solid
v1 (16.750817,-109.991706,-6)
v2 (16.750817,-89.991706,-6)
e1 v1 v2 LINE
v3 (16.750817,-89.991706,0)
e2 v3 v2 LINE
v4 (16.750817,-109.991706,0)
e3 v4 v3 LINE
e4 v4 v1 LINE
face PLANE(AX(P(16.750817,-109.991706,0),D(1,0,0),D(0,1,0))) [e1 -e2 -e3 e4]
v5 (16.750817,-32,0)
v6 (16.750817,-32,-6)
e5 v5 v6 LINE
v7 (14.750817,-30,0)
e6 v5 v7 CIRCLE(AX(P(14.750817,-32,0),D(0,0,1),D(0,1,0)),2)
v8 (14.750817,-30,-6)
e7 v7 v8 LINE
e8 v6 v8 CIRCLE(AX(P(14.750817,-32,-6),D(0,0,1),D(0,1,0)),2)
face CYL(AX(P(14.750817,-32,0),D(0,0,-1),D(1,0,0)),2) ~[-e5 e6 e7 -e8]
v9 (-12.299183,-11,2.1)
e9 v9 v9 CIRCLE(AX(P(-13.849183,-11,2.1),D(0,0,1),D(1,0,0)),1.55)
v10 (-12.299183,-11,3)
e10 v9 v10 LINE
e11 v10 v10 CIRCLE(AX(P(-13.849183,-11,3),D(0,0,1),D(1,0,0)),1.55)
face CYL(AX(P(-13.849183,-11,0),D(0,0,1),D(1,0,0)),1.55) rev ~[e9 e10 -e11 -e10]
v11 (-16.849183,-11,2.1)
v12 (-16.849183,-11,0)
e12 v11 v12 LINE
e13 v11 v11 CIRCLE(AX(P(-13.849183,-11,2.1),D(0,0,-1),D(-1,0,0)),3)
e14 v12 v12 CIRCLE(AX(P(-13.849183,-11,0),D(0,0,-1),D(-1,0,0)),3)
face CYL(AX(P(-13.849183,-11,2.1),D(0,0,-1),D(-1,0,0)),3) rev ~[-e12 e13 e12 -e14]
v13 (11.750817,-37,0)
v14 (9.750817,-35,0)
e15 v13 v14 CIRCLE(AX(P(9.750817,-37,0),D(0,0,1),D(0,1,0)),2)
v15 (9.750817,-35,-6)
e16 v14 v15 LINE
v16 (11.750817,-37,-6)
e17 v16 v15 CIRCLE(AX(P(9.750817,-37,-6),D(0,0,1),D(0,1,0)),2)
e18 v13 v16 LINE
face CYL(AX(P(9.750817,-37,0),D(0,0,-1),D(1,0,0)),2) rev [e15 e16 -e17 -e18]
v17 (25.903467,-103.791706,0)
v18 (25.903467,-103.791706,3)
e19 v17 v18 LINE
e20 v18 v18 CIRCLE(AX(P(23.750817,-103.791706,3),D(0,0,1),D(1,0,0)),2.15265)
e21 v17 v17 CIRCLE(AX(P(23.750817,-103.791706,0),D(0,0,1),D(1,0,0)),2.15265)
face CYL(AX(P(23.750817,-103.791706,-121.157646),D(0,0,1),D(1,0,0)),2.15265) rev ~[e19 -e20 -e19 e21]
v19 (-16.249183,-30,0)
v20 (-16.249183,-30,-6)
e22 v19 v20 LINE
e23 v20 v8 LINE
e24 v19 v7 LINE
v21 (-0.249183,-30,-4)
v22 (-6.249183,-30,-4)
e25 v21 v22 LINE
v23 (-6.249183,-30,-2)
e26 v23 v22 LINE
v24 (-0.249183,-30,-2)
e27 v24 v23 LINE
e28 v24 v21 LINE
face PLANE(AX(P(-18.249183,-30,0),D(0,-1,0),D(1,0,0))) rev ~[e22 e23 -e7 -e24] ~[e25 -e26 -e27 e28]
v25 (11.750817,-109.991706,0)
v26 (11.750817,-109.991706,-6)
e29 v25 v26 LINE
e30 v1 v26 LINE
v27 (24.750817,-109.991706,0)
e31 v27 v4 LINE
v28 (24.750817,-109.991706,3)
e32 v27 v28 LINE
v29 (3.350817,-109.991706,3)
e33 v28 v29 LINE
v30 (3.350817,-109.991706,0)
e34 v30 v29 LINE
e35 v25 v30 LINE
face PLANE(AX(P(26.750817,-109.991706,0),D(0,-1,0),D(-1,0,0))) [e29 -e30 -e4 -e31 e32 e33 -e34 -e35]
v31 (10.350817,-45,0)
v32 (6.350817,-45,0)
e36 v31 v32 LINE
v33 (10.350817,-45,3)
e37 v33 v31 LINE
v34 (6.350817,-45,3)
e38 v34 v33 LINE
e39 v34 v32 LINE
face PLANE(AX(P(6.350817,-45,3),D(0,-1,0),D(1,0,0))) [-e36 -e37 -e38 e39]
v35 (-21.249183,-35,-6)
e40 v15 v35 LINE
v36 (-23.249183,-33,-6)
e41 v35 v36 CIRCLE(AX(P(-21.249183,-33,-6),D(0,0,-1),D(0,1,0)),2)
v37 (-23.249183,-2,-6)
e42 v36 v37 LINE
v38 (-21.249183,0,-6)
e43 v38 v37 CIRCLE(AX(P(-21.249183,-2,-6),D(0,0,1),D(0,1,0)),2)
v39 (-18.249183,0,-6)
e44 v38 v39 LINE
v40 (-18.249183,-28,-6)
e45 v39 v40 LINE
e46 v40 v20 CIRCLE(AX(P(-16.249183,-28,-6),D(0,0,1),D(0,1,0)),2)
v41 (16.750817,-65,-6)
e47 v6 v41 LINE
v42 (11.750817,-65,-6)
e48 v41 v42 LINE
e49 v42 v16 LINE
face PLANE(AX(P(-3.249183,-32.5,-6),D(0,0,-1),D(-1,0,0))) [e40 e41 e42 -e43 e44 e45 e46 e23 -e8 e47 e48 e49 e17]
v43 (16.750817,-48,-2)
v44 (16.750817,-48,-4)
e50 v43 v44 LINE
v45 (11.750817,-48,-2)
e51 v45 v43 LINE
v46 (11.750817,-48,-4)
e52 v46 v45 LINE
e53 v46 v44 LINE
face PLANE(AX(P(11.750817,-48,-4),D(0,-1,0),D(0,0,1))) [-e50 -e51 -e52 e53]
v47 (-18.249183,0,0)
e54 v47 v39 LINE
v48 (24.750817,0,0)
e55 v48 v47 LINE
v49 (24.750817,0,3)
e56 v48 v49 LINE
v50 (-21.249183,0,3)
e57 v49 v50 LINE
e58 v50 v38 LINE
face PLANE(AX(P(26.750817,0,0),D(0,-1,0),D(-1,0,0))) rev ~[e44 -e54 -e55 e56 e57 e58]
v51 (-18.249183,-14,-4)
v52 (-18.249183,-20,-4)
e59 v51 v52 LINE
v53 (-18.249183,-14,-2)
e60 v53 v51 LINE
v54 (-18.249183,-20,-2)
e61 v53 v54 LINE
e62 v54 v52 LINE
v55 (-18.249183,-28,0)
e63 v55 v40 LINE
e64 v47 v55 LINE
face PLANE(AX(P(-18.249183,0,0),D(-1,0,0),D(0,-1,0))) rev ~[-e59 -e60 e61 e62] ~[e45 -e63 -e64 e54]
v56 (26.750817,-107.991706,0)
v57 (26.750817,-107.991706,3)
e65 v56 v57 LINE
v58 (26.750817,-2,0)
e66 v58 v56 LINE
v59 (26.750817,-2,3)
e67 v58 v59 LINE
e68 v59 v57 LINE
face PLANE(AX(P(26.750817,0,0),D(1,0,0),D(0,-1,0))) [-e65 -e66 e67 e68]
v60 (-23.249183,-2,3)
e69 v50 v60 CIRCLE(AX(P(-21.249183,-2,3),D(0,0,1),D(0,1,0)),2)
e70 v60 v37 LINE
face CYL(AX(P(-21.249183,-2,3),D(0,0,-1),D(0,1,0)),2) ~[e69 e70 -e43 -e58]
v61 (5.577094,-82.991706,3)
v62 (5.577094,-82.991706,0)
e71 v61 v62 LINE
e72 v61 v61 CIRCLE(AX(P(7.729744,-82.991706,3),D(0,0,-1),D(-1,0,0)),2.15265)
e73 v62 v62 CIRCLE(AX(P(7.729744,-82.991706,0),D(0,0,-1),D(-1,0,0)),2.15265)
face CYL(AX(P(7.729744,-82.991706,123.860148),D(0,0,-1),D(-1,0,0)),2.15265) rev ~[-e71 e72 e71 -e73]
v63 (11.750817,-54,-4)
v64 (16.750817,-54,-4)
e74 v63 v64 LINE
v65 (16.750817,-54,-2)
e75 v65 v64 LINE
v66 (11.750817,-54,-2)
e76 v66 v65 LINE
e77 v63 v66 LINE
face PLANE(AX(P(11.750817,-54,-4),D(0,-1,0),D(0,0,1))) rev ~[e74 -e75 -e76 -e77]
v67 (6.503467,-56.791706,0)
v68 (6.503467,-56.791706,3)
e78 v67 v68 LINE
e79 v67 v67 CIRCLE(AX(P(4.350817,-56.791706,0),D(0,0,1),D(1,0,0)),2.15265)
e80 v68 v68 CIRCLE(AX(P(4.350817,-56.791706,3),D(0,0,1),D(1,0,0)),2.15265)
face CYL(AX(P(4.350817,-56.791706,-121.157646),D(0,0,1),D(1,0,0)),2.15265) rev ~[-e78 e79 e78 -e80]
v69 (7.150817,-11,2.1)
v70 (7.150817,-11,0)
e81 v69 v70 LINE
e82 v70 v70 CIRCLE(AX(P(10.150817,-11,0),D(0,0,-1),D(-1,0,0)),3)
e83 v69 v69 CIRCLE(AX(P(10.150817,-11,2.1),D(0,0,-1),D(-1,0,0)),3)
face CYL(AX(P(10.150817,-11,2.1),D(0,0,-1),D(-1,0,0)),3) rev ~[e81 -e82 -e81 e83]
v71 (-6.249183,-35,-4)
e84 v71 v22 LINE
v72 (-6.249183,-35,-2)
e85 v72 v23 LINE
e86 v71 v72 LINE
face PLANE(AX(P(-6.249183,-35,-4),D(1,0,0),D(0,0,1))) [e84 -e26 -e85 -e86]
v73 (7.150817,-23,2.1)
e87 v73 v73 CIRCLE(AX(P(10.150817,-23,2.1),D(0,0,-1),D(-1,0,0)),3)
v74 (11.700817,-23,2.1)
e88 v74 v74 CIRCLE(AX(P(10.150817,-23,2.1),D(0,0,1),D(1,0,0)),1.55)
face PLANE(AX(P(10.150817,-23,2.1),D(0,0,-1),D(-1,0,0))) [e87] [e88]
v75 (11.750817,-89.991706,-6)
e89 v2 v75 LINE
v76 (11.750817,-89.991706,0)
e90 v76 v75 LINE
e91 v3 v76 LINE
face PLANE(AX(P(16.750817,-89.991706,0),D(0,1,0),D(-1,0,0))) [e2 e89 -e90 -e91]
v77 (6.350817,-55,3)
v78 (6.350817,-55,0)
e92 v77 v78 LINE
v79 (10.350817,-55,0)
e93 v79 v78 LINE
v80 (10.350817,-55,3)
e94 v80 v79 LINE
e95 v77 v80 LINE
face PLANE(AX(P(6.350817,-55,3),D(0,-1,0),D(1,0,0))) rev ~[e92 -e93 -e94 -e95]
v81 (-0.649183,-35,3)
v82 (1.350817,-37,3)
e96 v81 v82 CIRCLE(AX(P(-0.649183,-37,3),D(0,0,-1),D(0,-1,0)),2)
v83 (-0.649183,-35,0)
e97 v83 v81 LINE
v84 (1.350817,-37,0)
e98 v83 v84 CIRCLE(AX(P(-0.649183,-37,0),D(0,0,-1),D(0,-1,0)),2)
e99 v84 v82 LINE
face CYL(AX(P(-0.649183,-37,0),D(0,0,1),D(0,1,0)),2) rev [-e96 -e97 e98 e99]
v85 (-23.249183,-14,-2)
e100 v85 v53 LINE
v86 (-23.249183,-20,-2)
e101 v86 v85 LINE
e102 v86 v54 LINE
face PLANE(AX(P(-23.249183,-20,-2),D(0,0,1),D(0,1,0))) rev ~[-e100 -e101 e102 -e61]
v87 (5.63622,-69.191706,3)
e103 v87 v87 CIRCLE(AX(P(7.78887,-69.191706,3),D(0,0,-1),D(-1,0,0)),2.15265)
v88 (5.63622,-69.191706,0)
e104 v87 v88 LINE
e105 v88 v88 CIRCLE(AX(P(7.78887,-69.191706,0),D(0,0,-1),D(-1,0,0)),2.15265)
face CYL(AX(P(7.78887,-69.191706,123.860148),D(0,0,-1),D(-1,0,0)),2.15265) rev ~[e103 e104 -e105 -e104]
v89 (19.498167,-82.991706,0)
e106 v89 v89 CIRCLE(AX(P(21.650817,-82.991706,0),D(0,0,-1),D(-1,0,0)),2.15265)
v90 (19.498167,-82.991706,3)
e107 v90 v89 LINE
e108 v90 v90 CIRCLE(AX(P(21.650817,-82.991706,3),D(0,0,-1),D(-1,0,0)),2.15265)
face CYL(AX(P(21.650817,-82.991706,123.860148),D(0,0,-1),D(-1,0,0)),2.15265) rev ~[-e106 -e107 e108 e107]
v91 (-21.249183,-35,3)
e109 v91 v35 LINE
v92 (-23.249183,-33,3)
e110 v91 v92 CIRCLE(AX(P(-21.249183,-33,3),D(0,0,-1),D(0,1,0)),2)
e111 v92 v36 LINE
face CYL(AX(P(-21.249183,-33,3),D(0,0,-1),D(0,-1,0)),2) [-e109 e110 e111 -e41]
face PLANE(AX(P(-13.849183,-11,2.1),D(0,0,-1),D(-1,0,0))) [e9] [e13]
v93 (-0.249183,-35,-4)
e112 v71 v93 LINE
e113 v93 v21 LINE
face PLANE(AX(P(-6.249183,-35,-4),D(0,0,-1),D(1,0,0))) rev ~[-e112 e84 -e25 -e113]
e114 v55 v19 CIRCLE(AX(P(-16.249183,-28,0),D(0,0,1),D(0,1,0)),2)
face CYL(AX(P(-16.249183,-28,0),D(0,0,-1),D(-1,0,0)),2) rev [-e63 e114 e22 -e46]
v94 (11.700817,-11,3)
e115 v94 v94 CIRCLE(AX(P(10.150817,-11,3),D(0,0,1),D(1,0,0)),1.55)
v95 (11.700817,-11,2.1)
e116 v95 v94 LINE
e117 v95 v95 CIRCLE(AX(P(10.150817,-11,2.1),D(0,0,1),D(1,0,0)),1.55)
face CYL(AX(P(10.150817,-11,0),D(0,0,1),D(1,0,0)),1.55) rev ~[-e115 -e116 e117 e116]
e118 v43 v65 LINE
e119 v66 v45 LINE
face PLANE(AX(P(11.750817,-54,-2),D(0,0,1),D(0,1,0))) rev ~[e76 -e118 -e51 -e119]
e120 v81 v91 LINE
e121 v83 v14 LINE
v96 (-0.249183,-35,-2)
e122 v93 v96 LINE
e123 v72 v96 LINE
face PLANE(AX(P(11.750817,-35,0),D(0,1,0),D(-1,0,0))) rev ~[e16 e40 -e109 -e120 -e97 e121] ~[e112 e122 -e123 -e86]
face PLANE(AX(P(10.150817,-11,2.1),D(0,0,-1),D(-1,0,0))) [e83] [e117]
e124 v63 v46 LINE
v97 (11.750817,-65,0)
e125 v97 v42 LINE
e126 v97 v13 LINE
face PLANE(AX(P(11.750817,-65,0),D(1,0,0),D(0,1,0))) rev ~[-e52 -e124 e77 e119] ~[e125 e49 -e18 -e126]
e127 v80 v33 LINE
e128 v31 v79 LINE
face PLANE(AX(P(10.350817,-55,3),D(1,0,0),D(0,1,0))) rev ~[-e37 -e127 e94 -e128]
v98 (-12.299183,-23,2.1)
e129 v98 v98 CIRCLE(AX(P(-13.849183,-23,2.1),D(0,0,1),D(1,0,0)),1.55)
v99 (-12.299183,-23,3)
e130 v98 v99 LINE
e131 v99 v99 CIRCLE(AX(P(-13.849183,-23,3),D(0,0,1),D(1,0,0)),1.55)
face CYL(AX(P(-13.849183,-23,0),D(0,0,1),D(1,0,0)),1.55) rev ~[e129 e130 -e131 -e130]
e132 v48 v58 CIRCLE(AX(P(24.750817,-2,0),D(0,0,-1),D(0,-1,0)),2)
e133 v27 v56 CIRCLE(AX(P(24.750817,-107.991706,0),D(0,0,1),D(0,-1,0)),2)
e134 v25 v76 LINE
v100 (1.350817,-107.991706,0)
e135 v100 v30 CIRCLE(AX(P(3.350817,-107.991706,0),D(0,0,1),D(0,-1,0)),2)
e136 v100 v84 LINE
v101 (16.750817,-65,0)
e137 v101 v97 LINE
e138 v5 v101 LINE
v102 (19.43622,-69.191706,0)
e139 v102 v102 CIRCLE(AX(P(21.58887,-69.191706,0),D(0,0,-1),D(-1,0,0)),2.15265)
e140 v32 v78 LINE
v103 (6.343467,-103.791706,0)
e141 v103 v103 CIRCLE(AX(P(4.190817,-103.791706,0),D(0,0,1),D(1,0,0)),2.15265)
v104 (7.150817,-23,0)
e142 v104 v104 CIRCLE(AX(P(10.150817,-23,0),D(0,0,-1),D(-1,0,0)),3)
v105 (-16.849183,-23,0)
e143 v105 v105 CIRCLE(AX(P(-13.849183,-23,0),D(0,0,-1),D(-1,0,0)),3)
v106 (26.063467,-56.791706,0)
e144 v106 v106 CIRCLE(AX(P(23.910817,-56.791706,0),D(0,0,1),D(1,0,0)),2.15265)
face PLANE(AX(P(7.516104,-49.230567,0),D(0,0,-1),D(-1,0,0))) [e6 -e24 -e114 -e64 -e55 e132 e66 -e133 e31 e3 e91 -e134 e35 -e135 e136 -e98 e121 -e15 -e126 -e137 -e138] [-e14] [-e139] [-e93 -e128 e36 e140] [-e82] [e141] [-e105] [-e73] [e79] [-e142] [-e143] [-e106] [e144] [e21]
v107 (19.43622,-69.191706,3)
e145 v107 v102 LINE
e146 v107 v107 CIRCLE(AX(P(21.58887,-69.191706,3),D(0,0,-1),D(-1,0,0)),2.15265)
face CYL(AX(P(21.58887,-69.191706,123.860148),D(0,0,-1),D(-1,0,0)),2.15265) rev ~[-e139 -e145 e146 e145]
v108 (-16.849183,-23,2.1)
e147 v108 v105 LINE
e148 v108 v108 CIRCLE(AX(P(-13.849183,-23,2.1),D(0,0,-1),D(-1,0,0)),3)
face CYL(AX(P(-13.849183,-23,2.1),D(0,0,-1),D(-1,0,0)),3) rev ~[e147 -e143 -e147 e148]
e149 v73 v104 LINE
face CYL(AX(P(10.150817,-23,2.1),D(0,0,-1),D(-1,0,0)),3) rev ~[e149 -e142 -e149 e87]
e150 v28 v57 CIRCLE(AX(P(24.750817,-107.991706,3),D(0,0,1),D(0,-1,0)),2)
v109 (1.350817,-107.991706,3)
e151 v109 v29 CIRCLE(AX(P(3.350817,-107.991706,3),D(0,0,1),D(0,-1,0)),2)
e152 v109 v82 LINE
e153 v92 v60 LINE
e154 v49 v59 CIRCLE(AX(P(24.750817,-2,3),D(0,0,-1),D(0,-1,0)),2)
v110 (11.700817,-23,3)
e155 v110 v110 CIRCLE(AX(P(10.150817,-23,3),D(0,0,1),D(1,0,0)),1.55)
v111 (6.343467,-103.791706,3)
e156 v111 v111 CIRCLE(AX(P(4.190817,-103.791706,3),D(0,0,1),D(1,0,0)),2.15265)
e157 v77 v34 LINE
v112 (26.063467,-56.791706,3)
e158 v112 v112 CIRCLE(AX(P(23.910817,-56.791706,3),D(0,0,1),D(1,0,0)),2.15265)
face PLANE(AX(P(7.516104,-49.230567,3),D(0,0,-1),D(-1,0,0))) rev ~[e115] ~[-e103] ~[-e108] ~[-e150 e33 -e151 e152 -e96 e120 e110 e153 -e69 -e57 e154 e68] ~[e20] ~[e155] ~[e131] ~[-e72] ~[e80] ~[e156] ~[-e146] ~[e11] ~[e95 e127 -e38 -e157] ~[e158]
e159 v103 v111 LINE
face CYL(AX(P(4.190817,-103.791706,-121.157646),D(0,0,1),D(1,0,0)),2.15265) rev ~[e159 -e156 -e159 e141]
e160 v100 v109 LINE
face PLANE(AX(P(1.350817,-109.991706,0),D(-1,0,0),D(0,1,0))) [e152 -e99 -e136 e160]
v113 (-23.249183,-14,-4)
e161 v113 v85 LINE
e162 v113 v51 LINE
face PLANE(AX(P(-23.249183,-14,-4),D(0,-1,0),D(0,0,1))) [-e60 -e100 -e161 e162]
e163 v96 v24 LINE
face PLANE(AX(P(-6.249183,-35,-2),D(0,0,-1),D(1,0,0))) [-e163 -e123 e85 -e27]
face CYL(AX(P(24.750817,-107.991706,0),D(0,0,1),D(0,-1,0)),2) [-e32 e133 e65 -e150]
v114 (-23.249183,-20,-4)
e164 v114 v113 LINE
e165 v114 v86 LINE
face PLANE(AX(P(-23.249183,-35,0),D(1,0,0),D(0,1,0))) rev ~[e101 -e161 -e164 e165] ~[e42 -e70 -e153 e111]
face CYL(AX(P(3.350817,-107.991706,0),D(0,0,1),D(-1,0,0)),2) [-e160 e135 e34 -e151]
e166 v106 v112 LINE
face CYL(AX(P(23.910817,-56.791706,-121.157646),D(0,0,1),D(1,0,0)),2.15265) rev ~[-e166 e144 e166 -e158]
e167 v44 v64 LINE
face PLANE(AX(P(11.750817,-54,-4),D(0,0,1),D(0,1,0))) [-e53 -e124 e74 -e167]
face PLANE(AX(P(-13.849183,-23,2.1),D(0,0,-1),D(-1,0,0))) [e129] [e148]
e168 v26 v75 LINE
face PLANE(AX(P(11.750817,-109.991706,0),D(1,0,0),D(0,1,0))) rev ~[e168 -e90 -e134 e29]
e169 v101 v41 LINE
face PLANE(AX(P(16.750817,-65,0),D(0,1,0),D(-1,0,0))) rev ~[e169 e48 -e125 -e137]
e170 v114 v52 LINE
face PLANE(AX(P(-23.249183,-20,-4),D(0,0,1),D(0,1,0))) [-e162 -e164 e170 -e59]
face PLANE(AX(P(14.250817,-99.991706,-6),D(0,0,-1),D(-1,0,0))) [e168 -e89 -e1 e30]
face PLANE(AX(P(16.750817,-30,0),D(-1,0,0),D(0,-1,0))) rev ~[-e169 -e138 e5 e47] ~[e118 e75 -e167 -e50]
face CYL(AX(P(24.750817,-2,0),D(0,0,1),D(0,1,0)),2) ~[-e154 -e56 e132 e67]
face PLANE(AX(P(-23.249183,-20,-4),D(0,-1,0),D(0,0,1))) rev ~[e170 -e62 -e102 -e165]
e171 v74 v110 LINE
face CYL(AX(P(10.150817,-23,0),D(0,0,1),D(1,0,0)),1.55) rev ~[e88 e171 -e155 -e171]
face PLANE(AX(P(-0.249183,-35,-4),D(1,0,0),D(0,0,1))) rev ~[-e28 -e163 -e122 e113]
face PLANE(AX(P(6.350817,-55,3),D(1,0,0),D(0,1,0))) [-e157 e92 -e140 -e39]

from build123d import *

# Parameters (mm, degrees)
BOSS_EXTRU_1_DEPTH                                 = 3
D_GAGEMENT_61_D                                    = 4.3053
CHAMBRAGE_POUR_VIS_T_TE_RONDE_BOMB_E_M_D           = 3.1
CHAMBRAGE_POUR_VIS_T_TE_RONDE_BOMB_E_M_CBORE_D     = 6
CHAMBRAGE_POUR_VIS_T_TE_RONDE_BOMB_E_M_CBORE_DEPTH = 2.1
ESQUISSE7_W                                        = 5
ESQUISSE7_H                                        = 20
BOSS_EXTRU_2_DEPTH                                 = 6
ENL_V_MAT_EXTRU_1_REACH                            = 117.582
ESQUISSE8_W                                        = 2
ESQUISSE8_H                                        = 6
ENL_V_MAT_EXTRU_2_REACH                            = 81.846
ESQUISSE9_W                                        = 6
ESQUISSE9_H                                        = 2
ENL_V_MAT_EXTRU_3_REACH                            = 122.972
ESQUISSE10_W                                       = 2
ESQUISSE10_H                                       = 6
CONG_1_R                                           = 2
D_GAGEMENT_65_D                                    = 4.3053
D_GAGEMENT_64_D                                    = 4.3053
ESQUISSE15_W                                       = 4
ESQUISSE15_H                                       = 10
ENL_V_MAT_EXTRU_4_DEPTH                            = 10


with BuildPart() as part:
    # Esquisse1 → Boss.-Extru.1 (new body)
    with BuildSketch(Plane.XY):
        Polygon((0, 0), (26.750817424, 0), (26.750817424, -109.991705561), (1.350817424, -109.991705561), (1.350817424, -35), (-23.249182576, -35), (-23.249182576, 0), align=None)
    extrude(amount=BOSS_EXTRU_1_DEPTH)

    # Dégagement #61 (through all)
    with Locations(Plane.XY.offset(3)):
        with Locations((21.588869509, -69.191705561), (7.788869509, -69.191705561), (7.729743851, -82.991705561), (21.650817424, -82.991705561)):
            Hole(D_GAGEMENT_61_D / 2)

    # Chambrage pour vis à tête ronde bombée M2.51 (through all)
    with Locations(Plane(origin=(0, 0, 0), x_dir=(-1, 0, 0), z_dir=(0, 0, -1))):
        with Locations((13.849182576, -23), (13.849182576, -11), (-10.150817424, -11), (-10.150817424, -23)):
            CounterBoreHole(CHAMBRAGE_POUR_VIS_T_TE_RONDE_BOMB_E_M_D / 2, CHAMBRAGE_POUR_VIS_T_TE_RONDE_BOMB_E_M_CBORE_D / 2, CHAMBRAGE_POUR_VIS_T_TE_RONDE_BOMB_E_M_CBORE_DEPTH)

    # Esquisse7 → Boss.-Extru.2 (add)
    with BuildSketch(Plane(origin=(0, 0, 0), x_dir=(-1, 0, 0), z_dir=(0, 0, -1))):
        Polygon((-11.750817424, -65), (-11.750817424, -35), (23.249182576, -35), (23.249182576, 0), (18.249182576, 0), (18.249182576, -30), (-16.750817424, -30), (-16.750817424, -65), align=None)
        with Locations((-14.250817424, -99.991705561)):
            Rectangle(ESQUISSE7_W, ESQUISSE7_H)
    extrude(amount=BOSS_EXTRU_2_DEPTH)

    # Esquisse8 → Enlèv. mat.-Extru.1 (cut, up to next)
    with BuildSketch(Plane.ZY.offset(-11.750817424), mode=Mode.PRIVATE) as enl_v_mat_extru_1_sk1:
        with Locations((-3, -51)):
            Rectangle(ESQUISSE8_W, ESQUISSE8_H)
    enl_v_mat_extru_1_tool1 = extrude(enl_v_mat_extru_1_sk1.sketch, amount=-ENL_V_MAT_EXTRU_1_REACH, mode=Mode.PRIVATE) & part.part
    add(enl_v_mat_extru_1_tool1.solids().sort_by_distance((11.750817, -51, -3))[0], mode=Mode.SUBTRACT)

    # Esquisse9 → Enlèv. mat.-Extru.2 (cut, up to next)
    with BuildSketch(Plane.XZ.offset(35), mode=Mode.PRIVATE) as enl_v_mat_extru_2_sk1:
        with Locations((-3.249182576, -3)):
            Rectangle(ESQUISSE9_W, ESQUISSE9_H)
    enl_v_mat_extru_2_tool1 = extrude(enl_v_mat_extru_2_sk1.sketch, amount=-ENL_V_MAT_EXTRU_2_REACH, mode=Mode.PRIVATE) & part.part
    add(enl_v_mat_extru_2_tool1.solids().sort_by_distance((-3.249183, -35, -3))[0], mode=Mode.SUBTRACT)

    # Esquisse10 → Enlèv. mat.-Extru.3 (cut, up to next)
    with BuildSketch(Plane.ZY.offset(23.249182576), mode=Mode.PRIVATE) as enl_v_mat_extru_3_sk1:
        with Locations((-3, -17)):
            Rectangle(ESQUISSE10_W, ESQUISSE10_H)
    enl_v_mat_extru_3_tool1 = extrude(enl_v_mat_extru_3_sk1.sketch, amount=-ENL_V_MAT_EXTRU_3_REACH, mode=Mode.PRIVATE) & part.part
    add(enl_v_mat_extru_3_tool1.solids().sort_by_distance((-23.249183, -17, -3))[0], mode=Mode.SUBTRACT)

    # Congé1
    cong_1_edges = [part.edges().sort_by_distance(p)[0] for p in [
        (26.750817424, 0, 1.5),
        (26.750817424, -109.991705561, 1.5),
        (1.350817424, -109.991705561, 1.5),
        (1.350817424, -35, 1.5),
        (-23.249182576, -35, -1.5),
        (-23.249182576, 0, -1.5),
        (-18.249182576, -30, -3),
        (16.750817424, -30, -3),
        (11.750817424, -35, -3),
    ]]
    fillet(cong_1_edges, radius=CONG_1_R)

    # Dégagement #65 (through all)
    with Locations(Plane(origin=(0, 0, 0), x_dir=(-1, 0, 0), z_dir=(0, 0, -1))):
        with Locations((-23.750817424, -103.791705561), (-4.190817424, -103.791705561)):
            Hole(D_GAGEMENT_65_D / 2)

    # Dégagement #64 (through all)
    with Locations(Plane(origin=(0, 0, 0), x_dir=(-1, 0, 0), z_dir=(0, 0, -1))):
        with Locations((-23.910817424, -56.791705561), (-4.350817424, -56.791705561)):
            Hole(D_GAGEMENT_64_D / 2)

    # Esquisse15 → Enlèv. mat.-Extru.4 (cut)
    with BuildSketch(Plane.XY.offset(3)):
        with Locations((8.350817424, -50)):
            Rectangle(ESQUISSE15_W, ESQUISSE15_H)
    extrude(amount=-ENL_V_MAT_EXTRU_4_DEPTH, mode=Mode.SUBTRACT)


solid = part.part
